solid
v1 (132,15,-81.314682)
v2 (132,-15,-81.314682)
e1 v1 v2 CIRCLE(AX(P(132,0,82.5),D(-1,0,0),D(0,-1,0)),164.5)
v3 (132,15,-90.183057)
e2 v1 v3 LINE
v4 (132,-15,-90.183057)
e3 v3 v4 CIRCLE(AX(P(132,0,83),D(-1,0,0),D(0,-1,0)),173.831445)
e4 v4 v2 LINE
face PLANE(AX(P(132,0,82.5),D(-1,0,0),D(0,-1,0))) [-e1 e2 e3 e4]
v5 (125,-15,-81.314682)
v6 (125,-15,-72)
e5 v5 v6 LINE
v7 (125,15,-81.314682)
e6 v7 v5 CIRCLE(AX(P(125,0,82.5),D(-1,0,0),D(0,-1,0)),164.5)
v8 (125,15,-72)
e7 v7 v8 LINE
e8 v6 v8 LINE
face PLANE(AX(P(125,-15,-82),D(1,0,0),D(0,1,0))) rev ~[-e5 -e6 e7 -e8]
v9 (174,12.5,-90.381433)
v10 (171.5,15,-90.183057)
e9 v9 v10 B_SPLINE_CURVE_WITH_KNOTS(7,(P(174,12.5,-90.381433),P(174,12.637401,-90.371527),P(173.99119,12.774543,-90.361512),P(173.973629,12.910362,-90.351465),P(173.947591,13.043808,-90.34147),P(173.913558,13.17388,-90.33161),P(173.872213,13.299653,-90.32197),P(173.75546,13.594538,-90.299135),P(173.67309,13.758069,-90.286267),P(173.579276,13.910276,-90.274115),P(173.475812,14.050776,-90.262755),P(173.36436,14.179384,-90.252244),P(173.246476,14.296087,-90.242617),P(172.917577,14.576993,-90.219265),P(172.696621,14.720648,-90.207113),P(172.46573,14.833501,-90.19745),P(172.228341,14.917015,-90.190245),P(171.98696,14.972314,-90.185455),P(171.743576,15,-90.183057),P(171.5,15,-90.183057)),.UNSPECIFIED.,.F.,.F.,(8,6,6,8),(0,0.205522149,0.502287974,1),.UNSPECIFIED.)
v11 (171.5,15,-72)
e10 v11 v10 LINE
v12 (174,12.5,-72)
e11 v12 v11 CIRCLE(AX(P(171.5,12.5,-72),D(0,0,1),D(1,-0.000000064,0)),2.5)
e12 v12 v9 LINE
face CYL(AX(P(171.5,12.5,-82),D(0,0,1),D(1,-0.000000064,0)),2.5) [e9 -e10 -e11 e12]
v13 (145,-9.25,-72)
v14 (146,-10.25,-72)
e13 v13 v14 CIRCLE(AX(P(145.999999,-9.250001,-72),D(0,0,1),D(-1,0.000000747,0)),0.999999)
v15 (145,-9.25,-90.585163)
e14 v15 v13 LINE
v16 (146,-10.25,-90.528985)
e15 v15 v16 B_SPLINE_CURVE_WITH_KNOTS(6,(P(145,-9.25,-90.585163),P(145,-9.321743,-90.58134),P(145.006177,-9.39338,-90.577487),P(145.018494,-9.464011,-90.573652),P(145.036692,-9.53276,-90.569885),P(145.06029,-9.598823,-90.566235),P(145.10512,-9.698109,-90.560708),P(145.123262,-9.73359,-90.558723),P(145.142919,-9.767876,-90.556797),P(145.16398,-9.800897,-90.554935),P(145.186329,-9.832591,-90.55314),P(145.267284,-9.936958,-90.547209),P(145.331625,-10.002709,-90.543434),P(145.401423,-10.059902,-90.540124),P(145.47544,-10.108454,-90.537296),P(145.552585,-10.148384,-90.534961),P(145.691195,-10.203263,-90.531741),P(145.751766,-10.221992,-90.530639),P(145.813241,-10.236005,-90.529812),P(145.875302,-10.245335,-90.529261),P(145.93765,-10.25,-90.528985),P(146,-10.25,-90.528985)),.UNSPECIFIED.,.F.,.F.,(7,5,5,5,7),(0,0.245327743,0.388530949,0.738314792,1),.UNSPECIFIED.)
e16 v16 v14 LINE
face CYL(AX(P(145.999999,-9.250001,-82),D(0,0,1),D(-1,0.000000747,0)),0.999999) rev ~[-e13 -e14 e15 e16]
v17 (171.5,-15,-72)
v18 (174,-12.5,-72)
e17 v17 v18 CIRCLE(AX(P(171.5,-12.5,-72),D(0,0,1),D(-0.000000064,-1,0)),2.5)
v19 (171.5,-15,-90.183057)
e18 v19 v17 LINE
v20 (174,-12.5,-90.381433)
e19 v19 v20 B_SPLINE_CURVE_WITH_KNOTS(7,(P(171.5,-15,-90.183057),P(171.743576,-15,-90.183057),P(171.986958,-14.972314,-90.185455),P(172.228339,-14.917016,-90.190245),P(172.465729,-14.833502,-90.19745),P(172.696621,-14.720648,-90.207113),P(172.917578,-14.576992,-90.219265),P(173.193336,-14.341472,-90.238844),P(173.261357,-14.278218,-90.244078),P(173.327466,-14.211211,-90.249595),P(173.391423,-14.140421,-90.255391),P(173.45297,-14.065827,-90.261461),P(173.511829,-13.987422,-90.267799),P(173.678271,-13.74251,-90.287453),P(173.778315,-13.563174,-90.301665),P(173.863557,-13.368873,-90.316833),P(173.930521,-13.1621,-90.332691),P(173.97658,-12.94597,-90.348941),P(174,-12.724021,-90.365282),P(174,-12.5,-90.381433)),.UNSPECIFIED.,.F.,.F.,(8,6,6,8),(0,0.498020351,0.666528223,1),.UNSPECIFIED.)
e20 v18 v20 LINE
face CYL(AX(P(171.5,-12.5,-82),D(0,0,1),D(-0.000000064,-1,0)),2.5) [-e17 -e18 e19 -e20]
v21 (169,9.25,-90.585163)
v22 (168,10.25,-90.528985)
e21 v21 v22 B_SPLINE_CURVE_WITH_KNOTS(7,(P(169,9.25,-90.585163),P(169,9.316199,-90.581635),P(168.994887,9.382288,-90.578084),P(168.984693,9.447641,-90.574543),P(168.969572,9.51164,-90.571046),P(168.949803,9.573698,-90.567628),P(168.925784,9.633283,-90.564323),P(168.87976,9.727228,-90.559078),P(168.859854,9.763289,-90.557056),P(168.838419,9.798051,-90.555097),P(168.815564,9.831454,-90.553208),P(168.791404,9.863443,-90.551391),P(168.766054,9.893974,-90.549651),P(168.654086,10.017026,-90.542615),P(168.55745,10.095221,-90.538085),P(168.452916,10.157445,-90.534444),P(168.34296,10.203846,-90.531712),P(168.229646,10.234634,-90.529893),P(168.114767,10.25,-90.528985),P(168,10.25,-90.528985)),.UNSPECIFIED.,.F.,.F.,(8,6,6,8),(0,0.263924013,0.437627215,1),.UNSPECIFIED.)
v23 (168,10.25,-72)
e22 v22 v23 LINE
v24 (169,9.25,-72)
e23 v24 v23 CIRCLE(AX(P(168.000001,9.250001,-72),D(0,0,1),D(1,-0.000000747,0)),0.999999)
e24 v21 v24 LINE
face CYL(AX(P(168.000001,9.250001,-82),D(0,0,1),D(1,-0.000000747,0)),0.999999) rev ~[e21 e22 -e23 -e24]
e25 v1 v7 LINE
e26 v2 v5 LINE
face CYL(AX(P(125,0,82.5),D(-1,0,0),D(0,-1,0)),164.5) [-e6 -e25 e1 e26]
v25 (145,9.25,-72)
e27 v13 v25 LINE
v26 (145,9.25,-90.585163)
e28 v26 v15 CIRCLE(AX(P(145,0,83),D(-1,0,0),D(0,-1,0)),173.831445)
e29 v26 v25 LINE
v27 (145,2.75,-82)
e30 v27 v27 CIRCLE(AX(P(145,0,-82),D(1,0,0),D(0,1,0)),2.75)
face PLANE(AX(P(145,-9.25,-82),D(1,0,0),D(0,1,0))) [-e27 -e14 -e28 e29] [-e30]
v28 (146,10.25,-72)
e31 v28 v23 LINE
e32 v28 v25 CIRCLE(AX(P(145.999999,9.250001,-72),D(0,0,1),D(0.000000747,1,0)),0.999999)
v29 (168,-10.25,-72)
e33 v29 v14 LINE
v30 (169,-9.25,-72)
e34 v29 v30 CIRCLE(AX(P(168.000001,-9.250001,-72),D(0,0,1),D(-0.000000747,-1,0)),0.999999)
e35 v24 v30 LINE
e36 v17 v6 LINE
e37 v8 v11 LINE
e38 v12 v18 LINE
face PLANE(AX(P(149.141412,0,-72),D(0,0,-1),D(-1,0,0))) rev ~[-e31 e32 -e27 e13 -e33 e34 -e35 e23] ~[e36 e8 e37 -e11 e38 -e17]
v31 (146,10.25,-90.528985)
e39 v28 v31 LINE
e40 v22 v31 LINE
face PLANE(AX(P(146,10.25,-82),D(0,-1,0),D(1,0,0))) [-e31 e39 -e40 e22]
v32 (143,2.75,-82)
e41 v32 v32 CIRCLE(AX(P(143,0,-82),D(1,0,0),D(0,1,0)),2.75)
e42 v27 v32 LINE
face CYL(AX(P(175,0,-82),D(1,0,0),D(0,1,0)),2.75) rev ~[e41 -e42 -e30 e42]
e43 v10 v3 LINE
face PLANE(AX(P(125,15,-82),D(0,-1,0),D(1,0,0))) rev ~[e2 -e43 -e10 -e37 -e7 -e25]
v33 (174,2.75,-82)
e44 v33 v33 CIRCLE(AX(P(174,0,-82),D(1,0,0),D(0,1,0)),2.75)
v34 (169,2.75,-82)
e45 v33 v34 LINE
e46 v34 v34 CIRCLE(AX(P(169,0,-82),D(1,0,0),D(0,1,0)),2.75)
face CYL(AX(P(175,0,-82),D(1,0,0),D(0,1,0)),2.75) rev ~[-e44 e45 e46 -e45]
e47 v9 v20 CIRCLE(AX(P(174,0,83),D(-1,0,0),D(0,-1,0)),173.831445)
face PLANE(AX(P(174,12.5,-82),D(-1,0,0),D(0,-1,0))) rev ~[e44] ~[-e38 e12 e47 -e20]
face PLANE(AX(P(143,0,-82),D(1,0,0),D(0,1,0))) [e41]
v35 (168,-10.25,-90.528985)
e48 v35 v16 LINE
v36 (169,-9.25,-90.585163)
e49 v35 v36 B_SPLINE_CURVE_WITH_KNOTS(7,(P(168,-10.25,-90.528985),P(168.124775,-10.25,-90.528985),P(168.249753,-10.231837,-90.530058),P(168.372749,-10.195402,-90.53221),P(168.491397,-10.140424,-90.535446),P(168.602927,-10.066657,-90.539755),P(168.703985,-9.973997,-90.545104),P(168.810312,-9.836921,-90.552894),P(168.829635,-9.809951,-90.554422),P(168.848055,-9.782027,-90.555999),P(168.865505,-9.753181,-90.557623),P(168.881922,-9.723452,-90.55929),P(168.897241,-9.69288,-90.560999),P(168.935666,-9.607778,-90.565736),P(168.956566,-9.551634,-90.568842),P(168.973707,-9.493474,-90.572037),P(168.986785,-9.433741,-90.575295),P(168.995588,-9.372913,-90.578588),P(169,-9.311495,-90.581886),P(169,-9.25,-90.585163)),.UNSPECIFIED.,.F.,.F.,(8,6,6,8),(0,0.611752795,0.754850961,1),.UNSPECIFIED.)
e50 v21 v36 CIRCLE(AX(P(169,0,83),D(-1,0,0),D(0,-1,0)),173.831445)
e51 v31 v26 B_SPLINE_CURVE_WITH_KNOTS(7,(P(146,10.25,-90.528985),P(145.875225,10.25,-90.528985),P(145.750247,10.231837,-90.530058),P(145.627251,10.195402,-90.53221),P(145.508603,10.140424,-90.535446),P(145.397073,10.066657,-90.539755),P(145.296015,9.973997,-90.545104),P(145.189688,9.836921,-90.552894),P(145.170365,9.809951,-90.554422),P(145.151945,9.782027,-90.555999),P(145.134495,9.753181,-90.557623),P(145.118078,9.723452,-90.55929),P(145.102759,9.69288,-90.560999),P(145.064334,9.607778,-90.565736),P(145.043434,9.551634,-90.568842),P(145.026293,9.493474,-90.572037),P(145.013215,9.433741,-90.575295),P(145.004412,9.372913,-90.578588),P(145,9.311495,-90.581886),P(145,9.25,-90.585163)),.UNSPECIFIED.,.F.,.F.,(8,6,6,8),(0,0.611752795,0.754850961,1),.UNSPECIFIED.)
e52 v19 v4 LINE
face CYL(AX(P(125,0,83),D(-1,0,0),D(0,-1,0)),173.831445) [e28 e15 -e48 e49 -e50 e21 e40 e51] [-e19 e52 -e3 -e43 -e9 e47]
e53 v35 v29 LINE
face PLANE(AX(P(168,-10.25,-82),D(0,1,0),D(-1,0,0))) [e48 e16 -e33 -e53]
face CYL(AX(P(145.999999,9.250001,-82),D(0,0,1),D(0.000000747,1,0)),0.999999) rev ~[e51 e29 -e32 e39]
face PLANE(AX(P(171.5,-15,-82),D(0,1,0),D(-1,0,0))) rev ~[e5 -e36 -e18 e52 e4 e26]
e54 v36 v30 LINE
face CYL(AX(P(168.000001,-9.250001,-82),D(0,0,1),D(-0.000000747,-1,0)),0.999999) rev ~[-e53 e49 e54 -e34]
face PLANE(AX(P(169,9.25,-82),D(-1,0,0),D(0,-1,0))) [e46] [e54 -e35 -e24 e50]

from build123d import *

# Parameters (mm, degrees)
PAD039_DEPTH    = 10
SKETCH109_R     = 200
SKETCH109_R_2   = 164.5
POCKET046_DEPTH = 7
SKETCH110_R     = 200
SKETCH110_R_2   = 173.831445
POCKET047_DEPTH = 49.001
SKETCH107_R     = 2.75
POCKET048_DEPTH = 32


with BuildPart() as part:
    # Sketch108 → Pad039 (new body, symmetric)
    with BuildSketch(Plane.XY):
        with BuildLine():
            Line((-32, 15), (14.5, 15))
            ThreePointArc((17, 12.5), (16.267767, 14.267767), (14.5, 15))
            Line((17, 12.5), (17, -12.5))
            ThreePointArc((14.5, -15), (16.267767, -14.267767), (17, -12.5))
            Line((14.5, -15), (-32, -15))
            Line((-32, -15), (-32, 15))
        make_face()
        with BuildLine():
            Line((-11, 10.25), (11, 10.25))
            ThreePointArc((12, 9.25), (11.707107, 9.957107), (11, 10.25))
            Line((12, 9.25), (12, -9.25))
            ThreePointArc((11, -10.25), (11.707107, -9.957107), (12, -9.25))
            Line((11, -10.25), (-11, -10.25))
            ThreePointArc((-12, -9.25), (-11.707107, -9.957107), (-11, -10.25))
            Line((-12, -9.25), (-12, 9.25))
            ThreePointArc((-11, 10.25), (-11.707107, 9.957107), (-12, 9.25))
        make_face(mode=Mode.SUBTRACT)
    extrude(amount=PAD039_DEPTH, both=True)

    # Sketch109 (on DatumPlane) → Pocket046 (cut)
    with BuildSketch(Plane(origin=(-32, 0, 0), x_dir=(0, -1, 0), z_dir=(-1, 0, 0))):
        with Locations((0, 164.5)):
            Circle(SKETCH109_R)
        with Locations((0, 164.5)):
            Circle(SKETCH109_R_2, mode=Mode.SUBTRACT)
    extrude(amount=-POCKET046_DEPTH, mode=Mode.SUBTRACT)

    # Sketch110 (on DatumPlane) → Pocket047 (cut, through all)
    with BuildSketch(Plane(origin=(-32, 0, 0), x_dir=(0, -1, 0), z_dir=(-1, 0, 0))):
        with Locations((0, 165)):
            Circle(SKETCH110_R)
        with Locations((0, 165)):
            Circle(SKETCH110_R_2, mode=Mode.SUBTRACT)
    extrude(amount=-POCKET047_DEPTH, mode=Mode.SUBTRACT)

    # Sketch107 → Pocket048 (cut)
    with BuildSketch(Plane.YZ.offset(18)):
        Circle(SKETCH107_R)
    extrude(amount=-POCKET048_DEPTH, mode=Mode.SUBTRACT)


with BuildPart() as part_1:
    # Body022022 placement: moved
    add(part.part.moved(Location((157, 0, -82))))


solid = part_1.part
